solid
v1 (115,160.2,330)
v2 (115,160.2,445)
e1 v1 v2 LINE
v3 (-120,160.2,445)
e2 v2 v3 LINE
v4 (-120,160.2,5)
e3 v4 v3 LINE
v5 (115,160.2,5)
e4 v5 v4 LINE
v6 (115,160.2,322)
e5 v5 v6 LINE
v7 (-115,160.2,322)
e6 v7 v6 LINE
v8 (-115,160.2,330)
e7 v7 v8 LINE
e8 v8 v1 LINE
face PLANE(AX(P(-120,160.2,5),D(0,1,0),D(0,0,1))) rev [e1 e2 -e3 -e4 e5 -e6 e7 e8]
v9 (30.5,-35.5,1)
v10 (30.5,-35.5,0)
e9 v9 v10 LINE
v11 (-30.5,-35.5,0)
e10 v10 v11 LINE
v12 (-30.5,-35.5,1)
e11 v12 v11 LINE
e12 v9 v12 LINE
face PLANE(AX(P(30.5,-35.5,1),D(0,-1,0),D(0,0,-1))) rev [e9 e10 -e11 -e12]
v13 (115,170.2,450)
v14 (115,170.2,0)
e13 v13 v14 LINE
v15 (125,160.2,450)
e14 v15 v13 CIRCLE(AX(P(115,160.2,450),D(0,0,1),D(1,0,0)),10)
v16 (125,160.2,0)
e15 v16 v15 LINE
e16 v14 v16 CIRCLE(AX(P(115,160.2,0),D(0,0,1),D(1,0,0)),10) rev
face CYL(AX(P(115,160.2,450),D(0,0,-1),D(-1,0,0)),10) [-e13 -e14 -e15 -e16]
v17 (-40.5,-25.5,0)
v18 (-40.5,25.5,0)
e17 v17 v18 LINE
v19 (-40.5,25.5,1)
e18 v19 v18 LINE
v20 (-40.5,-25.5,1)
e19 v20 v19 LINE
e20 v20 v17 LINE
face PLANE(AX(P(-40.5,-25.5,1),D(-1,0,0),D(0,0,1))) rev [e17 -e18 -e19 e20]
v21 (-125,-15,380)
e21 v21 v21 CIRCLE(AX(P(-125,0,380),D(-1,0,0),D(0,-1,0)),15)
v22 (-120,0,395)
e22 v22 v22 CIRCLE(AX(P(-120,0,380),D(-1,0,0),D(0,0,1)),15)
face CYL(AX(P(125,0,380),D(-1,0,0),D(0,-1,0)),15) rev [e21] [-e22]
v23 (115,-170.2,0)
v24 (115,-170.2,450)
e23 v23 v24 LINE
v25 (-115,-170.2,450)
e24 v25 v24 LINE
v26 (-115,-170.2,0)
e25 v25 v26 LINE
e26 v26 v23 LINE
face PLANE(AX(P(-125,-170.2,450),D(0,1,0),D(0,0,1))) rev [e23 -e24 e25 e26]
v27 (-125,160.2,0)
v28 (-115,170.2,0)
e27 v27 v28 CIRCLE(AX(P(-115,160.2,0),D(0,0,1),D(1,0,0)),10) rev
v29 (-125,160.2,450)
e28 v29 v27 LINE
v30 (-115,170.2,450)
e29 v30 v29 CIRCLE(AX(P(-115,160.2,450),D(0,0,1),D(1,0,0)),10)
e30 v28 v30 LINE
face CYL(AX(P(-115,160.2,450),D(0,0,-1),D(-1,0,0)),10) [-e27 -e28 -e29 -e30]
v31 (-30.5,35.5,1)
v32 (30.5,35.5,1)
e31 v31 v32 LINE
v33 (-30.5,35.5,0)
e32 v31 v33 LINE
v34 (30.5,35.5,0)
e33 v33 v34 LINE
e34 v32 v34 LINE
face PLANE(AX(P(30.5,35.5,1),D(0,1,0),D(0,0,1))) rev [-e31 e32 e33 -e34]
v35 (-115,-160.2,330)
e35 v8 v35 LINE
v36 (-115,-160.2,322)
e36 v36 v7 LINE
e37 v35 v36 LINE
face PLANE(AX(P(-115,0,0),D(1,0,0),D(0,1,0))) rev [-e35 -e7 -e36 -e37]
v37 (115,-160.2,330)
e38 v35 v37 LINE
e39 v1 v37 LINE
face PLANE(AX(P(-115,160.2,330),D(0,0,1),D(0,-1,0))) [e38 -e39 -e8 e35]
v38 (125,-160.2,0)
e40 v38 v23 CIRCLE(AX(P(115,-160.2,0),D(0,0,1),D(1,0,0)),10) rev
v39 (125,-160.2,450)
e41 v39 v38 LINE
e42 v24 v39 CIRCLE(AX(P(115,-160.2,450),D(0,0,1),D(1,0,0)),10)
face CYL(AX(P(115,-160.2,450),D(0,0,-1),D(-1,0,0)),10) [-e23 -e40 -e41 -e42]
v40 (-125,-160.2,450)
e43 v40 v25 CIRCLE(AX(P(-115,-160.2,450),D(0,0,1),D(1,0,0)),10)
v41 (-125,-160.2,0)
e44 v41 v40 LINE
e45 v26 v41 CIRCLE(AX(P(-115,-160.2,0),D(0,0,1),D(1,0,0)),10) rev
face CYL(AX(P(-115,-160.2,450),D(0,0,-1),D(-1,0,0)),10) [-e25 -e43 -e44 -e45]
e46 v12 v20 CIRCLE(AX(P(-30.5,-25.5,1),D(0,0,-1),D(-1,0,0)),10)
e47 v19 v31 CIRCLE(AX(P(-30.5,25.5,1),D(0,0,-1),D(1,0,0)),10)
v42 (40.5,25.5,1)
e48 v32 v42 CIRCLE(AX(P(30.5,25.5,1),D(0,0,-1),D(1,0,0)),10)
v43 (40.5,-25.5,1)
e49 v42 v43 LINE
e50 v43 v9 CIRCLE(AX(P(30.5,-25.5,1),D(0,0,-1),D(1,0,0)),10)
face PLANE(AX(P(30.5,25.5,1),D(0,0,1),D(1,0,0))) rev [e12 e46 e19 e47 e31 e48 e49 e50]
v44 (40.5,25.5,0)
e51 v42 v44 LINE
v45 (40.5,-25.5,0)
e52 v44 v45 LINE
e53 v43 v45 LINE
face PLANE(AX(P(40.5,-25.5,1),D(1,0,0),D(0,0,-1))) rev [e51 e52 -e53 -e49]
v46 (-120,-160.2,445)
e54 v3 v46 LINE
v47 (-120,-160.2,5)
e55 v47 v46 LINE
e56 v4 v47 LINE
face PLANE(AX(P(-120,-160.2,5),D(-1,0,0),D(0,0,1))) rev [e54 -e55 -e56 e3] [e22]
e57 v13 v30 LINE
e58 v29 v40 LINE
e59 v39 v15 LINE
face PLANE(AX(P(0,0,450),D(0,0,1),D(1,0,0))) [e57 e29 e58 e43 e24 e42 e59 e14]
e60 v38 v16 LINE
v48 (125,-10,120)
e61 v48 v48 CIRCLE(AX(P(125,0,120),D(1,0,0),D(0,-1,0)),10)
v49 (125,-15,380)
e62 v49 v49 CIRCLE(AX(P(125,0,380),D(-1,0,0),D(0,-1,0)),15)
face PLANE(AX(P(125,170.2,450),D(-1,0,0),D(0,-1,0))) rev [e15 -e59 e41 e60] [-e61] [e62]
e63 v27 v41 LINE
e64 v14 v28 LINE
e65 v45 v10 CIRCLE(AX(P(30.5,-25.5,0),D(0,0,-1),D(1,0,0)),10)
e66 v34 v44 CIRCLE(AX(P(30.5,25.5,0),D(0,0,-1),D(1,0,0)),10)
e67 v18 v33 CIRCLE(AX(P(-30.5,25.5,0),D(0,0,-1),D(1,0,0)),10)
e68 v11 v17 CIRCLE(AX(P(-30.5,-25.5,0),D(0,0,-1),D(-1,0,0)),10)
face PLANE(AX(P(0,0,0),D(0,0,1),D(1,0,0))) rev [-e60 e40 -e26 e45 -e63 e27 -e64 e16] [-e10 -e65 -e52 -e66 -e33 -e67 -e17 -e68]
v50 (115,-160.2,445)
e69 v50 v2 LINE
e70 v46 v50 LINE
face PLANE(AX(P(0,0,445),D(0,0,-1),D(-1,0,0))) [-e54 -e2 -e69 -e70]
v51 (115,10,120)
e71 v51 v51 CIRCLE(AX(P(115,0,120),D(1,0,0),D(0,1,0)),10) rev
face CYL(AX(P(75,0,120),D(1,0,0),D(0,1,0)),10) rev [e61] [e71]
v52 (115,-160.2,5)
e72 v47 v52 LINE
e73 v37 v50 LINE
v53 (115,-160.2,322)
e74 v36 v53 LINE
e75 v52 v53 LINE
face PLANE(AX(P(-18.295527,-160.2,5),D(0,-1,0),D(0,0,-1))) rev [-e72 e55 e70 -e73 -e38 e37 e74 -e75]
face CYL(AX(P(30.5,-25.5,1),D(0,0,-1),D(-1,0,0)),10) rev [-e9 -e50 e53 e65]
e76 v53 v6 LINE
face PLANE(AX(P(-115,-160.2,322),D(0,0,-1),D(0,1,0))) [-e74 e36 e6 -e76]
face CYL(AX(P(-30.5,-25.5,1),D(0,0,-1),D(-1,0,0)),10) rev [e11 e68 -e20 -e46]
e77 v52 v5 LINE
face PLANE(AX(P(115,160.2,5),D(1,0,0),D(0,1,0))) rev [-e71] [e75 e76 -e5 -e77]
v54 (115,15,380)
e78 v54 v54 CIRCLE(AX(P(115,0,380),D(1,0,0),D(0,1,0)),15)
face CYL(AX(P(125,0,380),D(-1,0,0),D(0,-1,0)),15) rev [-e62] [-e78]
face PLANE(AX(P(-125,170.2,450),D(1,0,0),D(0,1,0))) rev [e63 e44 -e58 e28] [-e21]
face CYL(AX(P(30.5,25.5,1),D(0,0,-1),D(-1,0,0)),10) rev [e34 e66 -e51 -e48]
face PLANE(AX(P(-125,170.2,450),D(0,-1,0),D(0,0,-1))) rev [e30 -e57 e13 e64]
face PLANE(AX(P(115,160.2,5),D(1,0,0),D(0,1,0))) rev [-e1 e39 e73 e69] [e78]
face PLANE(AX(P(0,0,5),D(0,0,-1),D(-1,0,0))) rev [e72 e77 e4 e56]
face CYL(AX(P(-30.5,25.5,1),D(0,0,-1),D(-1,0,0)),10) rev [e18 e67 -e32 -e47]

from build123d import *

# Parameters (mm, degrees)
SKETCH_1_W          = 250
SKETCH_1_H          = 340.4
EXTRUDE_1_DEPTH     = 450
FILLET_1_R          = 10
SKETCH_4_R          = 10
CUT_EXTRUDE_1_DEPTH = 50
CUT_EXTRUDE_2_DEPTH = 1
CUT_EXTRUDE_START   = -5
CUT_EXTRUDE_3_DEPTH = 440
SKETCH_8_R          = 15
CUT_EXTRUDE_4_DEPTH = 543.188196109
EXTRUDE_START       = -5
SKETCH_11_W         = 8
SKETCH_11_H         = 320.4
EXTRUDE_2_DEPTH     = 235


with BuildPart() as part:
    # 草图1 → 凸台-拉伸1 (new body)
    with BuildSketch(Plane.XY):
        Rectangle(SKETCH_1_W, SKETCH_1_H)
    extrude(amount=EXTRUDE_1_DEPTH)

    # 圆角1
    fillet_1_edges = [part.edges().sort_by_distance(p)[0] for p in [
        (125, -170.2, 225),
        (-125, -170.2, 225),
        (-125, 170.2, 225),
        (125, 170.2, 225),
    ]]
    fillet(fillet_1_edges, radius=FILLET_1_R)

    # 草图4 → 切除-拉伸1 (cut)
    with BuildSketch(Plane(origin=(125, 0, 0), x_dir=(0, 0, -1), z_dir=(1, 0, 0))):
        with Locations(Location((-120, 0, 0), (0, 0, 270))):
            Circle(SKETCH_4_R)
    extrude(amount=-CUT_EXTRUDE_1_DEPTH, mode=Mode.SUBTRACT)

    # 草图5 → 切除-拉伸2 (cut)
    with BuildSketch(Plane(origin=(0, 0, 0), x_dir=(-1, 0, 0), z_dir=(0, 0, -1))):
        with BuildLine():
            Line((-30.5, -35.5), (30.5, -35.5))
            ThreePointArc((30.5, -35.5), (37.571067812, -32.571067812), (40.5, -25.5))
            Line((40.5, -25.5), (40.5, 25.5))
            ThreePointArc((40.5, 25.5), (37.571067812, 32.571067812), (30.5, 35.5))
            Line((30.5, 35.5), (-30.5, 35.5))
            ThreePointArc((-30.5, 35.5), (-37.571067812, 32.571067812), (-40.5, 25.5))
            Line((-40.5, 25.5), (-40.5, -25.5))
            ThreePointArc((-40.5, -25.5), (-37.571067812, -32.571067812), (-30.5, -35.5))
        make_face()
    extrude(amount=-CUT_EXTRUDE_2_DEPTH, mode=Mode.SUBTRACT)

    # 草图7 → 切除-拉伸3 (cut)
    with BuildSketch(Plane.XY.offset(450).offset(CUT_EXTRUDE_START)):
        Polygon((-120, -160.2), (-120, 160.2), (115, 160.2), (115, -160.2), (-18.295526733, -160.2), align=None)
    extrude(amount=-CUT_EXTRUDE_3_DEPTH, mode=Mode.SUBTRACT)

    # 草图8 → 切除-拉伸4 (cut, through all)
    with BuildSketch(Plane.ZY.offset(125)):
        with Locations(Location((380, 0, 0), (0, 0, 270))):
            Circle(SKETCH_8_R)
    extrude(amount=-CUT_EXTRUDE_4_DEPTH, mode=Mode.SUBTRACT)

    # 草图11 → 凸台-拉伸2 (add)
    with BuildSketch(Plane(origin=(125, 0, 0), x_dir=(0, 0, -1), z_dir=(1, 0, 0)).offset(EXTRUDE_START)):
        with Locations((-326, 0)):
            Rectangle(SKETCH_11_W, SKETCH_11_H)
    extrude(amount=-EXTRUDE_2_DEPTH)


solid = part.part
